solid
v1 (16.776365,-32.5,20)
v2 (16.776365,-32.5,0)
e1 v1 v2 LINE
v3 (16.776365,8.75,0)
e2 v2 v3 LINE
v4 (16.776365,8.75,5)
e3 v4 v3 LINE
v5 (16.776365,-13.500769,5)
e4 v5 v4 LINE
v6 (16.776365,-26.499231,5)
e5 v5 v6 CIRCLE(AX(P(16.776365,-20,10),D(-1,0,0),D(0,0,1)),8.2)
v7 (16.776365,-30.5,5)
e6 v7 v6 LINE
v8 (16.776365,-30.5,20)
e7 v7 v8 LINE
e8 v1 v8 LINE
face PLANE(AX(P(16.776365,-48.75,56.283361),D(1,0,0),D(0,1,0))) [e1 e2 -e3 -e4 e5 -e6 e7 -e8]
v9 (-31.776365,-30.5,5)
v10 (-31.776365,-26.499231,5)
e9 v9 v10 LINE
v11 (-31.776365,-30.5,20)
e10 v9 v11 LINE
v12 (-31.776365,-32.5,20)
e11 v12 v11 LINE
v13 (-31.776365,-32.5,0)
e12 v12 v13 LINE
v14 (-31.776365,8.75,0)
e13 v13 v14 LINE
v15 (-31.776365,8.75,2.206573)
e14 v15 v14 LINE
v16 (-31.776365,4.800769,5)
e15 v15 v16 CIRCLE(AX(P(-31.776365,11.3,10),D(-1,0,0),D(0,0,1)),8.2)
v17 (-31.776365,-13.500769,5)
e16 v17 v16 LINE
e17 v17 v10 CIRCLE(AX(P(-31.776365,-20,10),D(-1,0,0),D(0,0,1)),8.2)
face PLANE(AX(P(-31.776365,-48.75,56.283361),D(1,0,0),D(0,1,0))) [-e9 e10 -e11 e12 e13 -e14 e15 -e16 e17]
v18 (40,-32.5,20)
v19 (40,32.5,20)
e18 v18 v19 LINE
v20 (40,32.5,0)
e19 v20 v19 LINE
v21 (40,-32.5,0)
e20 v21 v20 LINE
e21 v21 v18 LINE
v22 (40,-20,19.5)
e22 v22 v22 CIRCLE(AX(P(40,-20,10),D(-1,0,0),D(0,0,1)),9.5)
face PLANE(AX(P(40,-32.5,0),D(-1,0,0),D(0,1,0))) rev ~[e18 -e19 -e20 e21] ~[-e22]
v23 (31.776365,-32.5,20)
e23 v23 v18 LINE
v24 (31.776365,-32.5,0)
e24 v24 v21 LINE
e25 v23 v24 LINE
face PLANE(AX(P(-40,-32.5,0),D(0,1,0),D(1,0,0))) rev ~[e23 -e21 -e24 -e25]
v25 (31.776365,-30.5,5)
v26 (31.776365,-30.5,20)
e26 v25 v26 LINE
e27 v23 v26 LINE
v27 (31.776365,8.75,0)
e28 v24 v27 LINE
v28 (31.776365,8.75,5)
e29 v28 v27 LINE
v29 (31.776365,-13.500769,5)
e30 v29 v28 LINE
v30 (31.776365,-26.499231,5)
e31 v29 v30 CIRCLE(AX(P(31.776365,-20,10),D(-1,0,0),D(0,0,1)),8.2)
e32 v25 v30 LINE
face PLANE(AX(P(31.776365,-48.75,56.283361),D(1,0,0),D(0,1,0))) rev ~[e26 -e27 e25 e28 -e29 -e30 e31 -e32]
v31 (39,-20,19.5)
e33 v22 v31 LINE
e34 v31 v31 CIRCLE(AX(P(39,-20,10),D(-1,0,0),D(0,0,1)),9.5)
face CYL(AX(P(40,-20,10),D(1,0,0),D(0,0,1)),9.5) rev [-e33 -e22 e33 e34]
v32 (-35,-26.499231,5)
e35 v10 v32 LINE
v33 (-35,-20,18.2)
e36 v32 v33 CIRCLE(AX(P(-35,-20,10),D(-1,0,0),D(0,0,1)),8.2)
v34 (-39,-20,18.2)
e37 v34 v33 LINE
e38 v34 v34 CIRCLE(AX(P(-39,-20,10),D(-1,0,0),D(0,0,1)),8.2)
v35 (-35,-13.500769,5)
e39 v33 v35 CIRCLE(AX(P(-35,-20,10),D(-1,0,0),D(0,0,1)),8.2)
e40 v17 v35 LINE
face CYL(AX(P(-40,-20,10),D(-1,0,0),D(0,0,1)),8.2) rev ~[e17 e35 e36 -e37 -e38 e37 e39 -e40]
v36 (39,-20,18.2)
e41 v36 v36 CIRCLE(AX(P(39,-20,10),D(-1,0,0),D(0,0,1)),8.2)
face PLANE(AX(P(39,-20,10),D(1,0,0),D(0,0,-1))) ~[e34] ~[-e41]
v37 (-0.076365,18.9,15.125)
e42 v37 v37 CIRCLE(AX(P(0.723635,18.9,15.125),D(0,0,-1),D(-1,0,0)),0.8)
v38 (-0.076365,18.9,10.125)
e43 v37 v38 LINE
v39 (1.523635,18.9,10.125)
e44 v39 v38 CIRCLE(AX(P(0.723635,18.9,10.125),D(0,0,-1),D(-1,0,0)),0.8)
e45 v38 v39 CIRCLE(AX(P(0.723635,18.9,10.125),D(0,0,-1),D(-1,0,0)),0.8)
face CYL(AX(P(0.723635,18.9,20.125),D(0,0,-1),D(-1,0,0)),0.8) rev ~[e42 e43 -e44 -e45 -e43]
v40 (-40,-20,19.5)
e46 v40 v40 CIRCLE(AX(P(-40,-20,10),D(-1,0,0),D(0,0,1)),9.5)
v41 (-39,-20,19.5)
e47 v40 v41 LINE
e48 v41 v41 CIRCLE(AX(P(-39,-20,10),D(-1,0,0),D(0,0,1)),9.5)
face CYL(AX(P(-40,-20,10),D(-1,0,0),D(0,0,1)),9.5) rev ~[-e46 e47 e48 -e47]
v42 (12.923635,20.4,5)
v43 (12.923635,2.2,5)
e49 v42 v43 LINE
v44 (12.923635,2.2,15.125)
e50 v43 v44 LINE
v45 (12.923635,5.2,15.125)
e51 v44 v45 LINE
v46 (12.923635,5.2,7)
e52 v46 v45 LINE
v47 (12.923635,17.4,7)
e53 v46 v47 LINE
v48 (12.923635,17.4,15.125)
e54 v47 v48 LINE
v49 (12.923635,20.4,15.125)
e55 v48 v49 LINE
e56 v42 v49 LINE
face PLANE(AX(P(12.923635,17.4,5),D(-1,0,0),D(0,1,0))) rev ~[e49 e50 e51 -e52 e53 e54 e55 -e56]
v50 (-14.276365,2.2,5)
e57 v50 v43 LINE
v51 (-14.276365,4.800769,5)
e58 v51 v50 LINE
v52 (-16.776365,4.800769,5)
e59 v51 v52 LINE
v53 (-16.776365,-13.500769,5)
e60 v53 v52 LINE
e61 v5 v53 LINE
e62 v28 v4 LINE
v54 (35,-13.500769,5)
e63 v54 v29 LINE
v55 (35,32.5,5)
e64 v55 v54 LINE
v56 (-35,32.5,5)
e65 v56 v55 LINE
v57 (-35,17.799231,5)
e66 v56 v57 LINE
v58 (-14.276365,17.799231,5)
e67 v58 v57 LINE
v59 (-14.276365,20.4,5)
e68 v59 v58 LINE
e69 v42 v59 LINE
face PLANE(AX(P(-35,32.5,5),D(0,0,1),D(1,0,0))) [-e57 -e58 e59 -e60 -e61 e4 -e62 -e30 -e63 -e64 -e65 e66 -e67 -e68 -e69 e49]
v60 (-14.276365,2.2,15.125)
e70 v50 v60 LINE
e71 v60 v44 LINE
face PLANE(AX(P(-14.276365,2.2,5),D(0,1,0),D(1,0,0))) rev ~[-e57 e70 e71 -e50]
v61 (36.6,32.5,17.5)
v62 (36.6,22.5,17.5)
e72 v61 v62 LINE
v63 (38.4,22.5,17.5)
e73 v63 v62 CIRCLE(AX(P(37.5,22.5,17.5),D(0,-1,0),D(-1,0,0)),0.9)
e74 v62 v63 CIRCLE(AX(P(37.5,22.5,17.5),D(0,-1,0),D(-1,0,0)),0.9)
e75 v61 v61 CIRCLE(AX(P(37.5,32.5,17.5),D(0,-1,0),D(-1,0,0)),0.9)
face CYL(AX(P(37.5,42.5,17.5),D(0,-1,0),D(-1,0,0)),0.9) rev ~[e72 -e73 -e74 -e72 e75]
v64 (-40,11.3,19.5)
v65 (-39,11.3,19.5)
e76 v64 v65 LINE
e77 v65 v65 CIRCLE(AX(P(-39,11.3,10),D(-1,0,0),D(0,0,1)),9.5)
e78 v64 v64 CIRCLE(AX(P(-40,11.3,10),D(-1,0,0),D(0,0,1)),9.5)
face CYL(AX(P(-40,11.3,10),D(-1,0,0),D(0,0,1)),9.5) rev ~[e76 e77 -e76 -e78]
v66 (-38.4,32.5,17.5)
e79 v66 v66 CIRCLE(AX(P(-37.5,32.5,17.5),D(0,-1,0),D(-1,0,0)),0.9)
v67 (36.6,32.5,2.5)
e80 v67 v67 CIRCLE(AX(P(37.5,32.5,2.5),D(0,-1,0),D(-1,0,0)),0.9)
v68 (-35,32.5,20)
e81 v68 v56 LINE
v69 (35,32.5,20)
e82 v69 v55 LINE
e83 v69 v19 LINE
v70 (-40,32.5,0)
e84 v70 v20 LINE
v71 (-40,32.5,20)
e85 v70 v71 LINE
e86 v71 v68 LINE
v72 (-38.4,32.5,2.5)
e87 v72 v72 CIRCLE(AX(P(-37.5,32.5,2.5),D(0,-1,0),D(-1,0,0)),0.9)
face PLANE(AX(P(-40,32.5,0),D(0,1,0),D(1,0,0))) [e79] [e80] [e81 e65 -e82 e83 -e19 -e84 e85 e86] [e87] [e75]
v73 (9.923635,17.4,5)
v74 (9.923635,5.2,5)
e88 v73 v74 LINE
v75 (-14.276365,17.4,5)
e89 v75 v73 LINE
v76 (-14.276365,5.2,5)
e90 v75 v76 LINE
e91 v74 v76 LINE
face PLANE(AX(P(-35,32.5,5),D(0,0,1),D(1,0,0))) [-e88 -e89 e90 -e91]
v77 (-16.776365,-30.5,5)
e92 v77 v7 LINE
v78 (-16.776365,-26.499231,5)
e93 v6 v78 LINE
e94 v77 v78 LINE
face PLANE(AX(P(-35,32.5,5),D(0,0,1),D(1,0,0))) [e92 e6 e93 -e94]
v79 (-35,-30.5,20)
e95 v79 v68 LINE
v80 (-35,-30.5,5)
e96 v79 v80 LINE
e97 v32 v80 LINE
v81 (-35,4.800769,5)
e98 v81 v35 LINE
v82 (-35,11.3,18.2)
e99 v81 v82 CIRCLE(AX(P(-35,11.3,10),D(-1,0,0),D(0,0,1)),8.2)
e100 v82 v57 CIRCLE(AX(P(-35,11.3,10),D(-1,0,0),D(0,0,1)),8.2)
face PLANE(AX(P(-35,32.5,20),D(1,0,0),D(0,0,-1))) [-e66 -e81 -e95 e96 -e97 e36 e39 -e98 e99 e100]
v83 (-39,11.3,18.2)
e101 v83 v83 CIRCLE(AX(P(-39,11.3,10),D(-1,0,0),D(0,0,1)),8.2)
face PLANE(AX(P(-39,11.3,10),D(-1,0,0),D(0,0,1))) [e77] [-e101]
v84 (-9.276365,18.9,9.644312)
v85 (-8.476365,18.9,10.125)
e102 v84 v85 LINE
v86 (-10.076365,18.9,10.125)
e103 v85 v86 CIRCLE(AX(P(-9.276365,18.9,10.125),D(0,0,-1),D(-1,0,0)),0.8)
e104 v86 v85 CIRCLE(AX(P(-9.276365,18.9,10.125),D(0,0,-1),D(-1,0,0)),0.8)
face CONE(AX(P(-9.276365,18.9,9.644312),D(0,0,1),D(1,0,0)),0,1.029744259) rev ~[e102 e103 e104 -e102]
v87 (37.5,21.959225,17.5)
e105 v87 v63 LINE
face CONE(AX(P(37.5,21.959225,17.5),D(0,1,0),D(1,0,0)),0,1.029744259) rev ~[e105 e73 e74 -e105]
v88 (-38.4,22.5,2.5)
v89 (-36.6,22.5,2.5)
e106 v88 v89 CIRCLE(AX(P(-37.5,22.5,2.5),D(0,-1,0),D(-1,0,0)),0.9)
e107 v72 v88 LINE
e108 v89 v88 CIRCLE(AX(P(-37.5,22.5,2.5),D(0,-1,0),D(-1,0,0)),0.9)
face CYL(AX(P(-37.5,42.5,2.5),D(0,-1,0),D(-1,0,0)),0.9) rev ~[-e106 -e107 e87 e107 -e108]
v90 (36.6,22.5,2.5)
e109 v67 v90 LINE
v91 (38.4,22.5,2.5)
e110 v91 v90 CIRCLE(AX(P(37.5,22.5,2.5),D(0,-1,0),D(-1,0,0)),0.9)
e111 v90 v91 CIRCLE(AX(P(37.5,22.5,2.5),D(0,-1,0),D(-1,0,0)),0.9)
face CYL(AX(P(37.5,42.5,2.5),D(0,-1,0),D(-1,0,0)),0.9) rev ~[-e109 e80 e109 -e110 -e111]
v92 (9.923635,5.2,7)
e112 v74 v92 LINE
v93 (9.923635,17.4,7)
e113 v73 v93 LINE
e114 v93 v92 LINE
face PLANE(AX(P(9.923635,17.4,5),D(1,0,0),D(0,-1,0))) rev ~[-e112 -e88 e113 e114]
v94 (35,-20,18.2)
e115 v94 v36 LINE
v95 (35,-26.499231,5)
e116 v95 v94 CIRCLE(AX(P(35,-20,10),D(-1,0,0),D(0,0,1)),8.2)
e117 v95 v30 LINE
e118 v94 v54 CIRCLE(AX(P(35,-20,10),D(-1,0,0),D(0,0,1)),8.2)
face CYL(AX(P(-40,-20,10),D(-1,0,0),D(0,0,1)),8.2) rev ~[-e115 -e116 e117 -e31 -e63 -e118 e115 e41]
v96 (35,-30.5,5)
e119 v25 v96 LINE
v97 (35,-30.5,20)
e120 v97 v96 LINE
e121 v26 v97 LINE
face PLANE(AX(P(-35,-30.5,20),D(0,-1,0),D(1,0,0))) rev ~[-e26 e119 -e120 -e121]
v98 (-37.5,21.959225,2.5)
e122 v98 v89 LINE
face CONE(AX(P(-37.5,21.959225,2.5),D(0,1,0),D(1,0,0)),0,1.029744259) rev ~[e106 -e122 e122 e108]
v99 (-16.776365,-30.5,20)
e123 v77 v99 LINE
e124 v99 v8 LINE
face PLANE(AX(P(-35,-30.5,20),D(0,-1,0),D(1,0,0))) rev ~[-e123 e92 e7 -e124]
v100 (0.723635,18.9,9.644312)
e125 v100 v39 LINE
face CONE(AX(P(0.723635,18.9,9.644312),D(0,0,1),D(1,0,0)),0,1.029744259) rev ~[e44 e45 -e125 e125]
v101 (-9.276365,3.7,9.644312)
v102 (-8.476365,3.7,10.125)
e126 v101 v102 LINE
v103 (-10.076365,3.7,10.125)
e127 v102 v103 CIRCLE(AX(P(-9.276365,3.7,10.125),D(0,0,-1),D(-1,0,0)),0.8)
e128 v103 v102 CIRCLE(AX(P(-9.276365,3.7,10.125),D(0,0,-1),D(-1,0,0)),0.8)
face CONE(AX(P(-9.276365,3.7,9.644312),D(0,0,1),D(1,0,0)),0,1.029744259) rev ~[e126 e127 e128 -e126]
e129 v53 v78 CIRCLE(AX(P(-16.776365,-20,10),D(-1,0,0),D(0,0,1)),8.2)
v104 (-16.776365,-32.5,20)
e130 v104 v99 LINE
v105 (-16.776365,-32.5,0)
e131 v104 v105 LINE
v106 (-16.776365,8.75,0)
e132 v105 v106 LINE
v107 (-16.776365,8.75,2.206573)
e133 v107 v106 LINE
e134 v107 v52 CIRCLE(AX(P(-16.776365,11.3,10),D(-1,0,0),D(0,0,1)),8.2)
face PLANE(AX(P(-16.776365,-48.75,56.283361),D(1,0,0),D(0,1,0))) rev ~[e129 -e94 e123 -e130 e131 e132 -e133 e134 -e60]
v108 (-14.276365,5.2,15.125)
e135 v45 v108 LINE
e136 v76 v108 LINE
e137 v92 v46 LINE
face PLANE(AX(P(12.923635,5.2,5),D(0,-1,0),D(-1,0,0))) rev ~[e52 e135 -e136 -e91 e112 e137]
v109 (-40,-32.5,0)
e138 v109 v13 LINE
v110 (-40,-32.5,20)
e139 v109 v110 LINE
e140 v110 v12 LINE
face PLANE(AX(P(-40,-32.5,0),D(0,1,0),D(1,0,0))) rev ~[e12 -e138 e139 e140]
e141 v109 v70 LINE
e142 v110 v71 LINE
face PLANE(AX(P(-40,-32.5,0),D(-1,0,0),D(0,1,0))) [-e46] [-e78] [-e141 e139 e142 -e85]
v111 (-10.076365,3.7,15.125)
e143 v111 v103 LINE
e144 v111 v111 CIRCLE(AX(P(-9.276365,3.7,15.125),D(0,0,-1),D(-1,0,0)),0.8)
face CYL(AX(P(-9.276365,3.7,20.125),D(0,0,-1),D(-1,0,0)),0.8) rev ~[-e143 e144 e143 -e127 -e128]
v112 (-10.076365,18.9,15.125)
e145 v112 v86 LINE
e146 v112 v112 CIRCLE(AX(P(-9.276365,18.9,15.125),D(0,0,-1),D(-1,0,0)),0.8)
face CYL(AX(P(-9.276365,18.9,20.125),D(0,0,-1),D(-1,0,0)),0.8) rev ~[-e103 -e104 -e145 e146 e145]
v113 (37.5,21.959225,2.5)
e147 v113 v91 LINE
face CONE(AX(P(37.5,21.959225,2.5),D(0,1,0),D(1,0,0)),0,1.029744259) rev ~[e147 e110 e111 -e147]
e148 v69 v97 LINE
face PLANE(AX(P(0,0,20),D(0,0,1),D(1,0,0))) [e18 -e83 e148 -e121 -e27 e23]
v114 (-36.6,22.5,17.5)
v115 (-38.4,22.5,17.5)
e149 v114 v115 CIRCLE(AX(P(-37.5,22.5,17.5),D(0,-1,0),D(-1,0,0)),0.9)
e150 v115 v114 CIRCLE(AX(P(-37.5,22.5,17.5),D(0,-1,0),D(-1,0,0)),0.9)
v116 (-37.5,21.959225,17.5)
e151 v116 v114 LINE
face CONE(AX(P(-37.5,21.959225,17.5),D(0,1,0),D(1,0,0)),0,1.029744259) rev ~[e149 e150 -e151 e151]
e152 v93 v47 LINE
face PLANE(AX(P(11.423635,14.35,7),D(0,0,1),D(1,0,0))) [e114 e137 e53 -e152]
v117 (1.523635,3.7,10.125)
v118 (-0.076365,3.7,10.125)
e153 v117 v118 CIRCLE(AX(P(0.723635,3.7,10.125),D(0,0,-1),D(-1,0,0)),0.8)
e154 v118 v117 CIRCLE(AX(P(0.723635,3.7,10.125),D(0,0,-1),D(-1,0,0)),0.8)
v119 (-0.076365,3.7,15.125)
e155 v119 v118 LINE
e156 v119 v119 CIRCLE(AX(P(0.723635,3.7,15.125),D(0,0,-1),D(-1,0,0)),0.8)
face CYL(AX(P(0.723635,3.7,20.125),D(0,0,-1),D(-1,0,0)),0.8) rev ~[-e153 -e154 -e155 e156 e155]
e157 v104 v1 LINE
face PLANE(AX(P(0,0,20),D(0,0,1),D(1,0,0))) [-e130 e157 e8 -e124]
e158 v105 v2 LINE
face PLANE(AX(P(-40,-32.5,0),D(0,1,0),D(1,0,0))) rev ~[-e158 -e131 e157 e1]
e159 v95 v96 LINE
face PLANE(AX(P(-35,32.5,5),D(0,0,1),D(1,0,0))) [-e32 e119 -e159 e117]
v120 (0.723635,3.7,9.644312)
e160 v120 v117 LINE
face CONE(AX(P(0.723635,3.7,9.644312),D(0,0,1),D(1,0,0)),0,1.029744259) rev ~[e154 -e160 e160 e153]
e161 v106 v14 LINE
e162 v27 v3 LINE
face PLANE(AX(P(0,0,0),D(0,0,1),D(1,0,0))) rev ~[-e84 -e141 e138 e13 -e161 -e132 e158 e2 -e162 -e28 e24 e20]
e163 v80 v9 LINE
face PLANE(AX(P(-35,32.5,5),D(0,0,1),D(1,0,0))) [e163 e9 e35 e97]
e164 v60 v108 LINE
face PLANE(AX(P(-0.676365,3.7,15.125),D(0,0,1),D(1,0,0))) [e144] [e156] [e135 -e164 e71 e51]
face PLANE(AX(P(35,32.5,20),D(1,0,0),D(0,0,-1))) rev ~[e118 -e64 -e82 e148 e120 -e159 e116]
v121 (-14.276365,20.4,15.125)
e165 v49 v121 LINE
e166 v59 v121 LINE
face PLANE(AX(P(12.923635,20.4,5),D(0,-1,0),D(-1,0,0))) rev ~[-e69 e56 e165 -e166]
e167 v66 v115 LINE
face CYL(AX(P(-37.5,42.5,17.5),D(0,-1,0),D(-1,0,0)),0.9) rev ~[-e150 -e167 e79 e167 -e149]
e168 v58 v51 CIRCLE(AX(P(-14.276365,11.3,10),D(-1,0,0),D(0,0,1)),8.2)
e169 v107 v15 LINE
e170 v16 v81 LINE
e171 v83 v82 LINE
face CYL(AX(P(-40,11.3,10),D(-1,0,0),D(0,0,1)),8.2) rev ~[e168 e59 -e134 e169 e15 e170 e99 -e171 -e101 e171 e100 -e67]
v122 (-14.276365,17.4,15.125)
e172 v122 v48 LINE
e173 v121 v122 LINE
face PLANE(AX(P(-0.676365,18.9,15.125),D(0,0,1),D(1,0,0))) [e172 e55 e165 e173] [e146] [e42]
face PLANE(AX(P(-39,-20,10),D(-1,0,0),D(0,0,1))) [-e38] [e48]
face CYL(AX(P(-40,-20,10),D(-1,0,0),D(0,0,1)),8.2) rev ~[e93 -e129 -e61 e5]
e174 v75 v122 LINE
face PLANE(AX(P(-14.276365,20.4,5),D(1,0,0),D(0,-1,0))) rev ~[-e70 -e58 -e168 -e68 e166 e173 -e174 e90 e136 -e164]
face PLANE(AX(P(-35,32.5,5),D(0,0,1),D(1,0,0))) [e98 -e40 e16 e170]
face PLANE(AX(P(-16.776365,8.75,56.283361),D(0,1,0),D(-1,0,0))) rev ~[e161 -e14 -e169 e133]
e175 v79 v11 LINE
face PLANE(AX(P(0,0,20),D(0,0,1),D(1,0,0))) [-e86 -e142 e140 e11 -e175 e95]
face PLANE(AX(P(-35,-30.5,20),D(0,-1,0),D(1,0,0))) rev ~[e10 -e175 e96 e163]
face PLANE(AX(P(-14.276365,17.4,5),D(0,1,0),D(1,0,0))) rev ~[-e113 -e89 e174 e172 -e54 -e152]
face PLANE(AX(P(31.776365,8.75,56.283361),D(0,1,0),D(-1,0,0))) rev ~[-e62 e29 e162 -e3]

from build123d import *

# Parameters (mm, degrees)
SKETCH1_W                       = 80
SKETCH1_H                       = 65
BOSS_EXTRUDE1_DEPTH             = 20
SKETCH2_W                       = 70
SKETCH2_H                       = 61
CUT_EXTRUDE1_DEPTH              = 15
CUT_EXTRUDE7_REACH              = 80.899
SKETCH9_W                       = 70
SKETCH9_H                       = 15
BOSS_EXTRUDE2_DEPTH             = 10.125
SKETCH3_3_W                     = 3
SKETCH3_3_H                     = 6.1
BOSS_EXTRUDE3_DEPTH             = 2
TAP_DRILL_FOR_M2X0_4_TAP1_D     = 1.6
TAP_DRILL_FOR_M2X0_4_TAP1_DEPTH = 5
TAP_DRILL_FOR_M2X0_4_TAP1_TIP   = 0.480688495
CUT_EXTRUDE2_REACH              = 90.635
SKETCH7_R                       = 8.2
SKETCH7_3_R                     = 9.5
CUT_EXTRUDE3_DEPTH              = 1
SKETCH7_4_R                     = 8.2
CUT_EXTRUDE4_DEPTH              = 89.635489506
SKETCH7_5_R                     = 9.5
SKETCH7_5_R_2                   = 8.2
CUT_EXTRUDE5_DEPTH              = 1
CUT_EXTRUDE6_DEPTH              = 56.283360969
CUT_EXTRUDE6_DEPTH_BACK         = 56.283360969
SKETCH8_W                       = 15
SKETCH8_H                       = 57.5
TAP_DRILL_FOR_M2X0_4_TAP2_D     = 1.8
TAP_DRILL_FOR_M2X0_4_TAP2_DEPTH = 10
TAP_DRILL_FOR_M2X0_4_TAP2_TIP   = 0.540774557


with BuildPart() as part:
    # Sketch1 → Boss-Extrude1 (new body)
    with BuildSketch(Plane.XY):
        Rectangle(SKETCH1_W, SKETCH1_H)
    extrude(amount=BOSS_EXTRUDE1_DEPTH)

    # Sketch2 → Cut-Extrude1 (cut)
    with BuildSketch(Plane.XY.offset(20)):
        Rectangle(SKETCH2_W, SKETCH2_H)
    extrude(amount=-CUT_EXTRUDE1_DEPTH, mode=Mode.SUBTRACT)

    # Sketch9 → Cut-Extrude7 (cut, up to next)
    with BuildSketch(Plane(origin=(0, 32.5, 0), x_dir=(1, 0, 0), z_dir=(0, 1, 0)), mode=Mode.PRIVATE) as cut_extrude7_sk1:
        with Locations((0, -12.5)):
            Rectangle(SKETCH9_W, SKETCH9_H)
    cut_extrude7_tool1 = extrude(cut_extrude7_sk1.sketch, amount=-CUT_EXTRUDE7_REACH, mode=Mode.PRIVATE) & part.part
    add(cut_extrude7_tool1.solids().sort_by_distance((0, 32.5, 12.5))[0], mode=Mode.SUBTRACT)

    # Sketch3 → Boss-Extrude2 (add)
    with BuildSketch(Plane.XY.offset(5)):
        Polygon((12.923634865, 20.4), (-14.276365135, 20.4), (-14.276365135, 17.4), (9.923634865, 17.4), (12.923634865, 17.4), align=None)
        Polygon((12.923634865, 5.2), (9.923634865, 5.2), (-14.276365135, 5.2), (-14.276365135, 2.2), (12.923634865, 2.2), align=None)
    extrude(amount=BOSS_EXTRUDE2_DEPTH)

    # Sketch3<3> → Boss-Extrude3 (add)
    with BuildSketch(Plane.XY.offset(5)):
        with Locations((11.423634865, 14.35)):
            Rectangle(SKETCH3_3_W, SKETCH3_3_H)
        with Locations((11.423634865, 8.25)):
            Rectangle(SKETCH3_3_W, SKETCH3_3_H)
    extrude(amount=BOSS_EXTRUDE3_DEPTH)

    # Tap Drill for M2x0.4 Tap1
    with Locations(Plane.XY.offset(15.125)):
        with Locations((-9.276365135, 18.9), (0.723634865, 18.9), (0.723634865, 3.7), (-9.276365135, 3.7)):
            Hole(TAP_DRILL_FOR_M2X0_4_TAP1_D / 2, depth=TAP_DRILL_FOR_M2X0_4_TAP1_DEPTH)
            with Locations((0, 0, -(TAP_DRILL_FOR_M2X0_4_TAP1_DEPTH + TAP_DRILL_FOR_M2X0_4_TAP1_TIP / 2))):  # 118° drill point
                Cone(0, TAP_DRILL_FOR_M2X0_4_TAP1_D / 2, TAP_DRILL_FOR_M2X0_4_TAP1_TIP, mode=Mode.SUBTRACT)

    # Cut-Extrude2: up to this face of the body (flat: up to its plane)
    cut_extrude2_end = Plane(part.part.faces().sort_by_distance((-14.276365135, 18.9, 10.0625))[0])
    # Sketch7 → Cut-Extrude2 (cut, up to the picked face)
    with BuildSketch(Plane.ZY.offset(40), mode=Mode.PRIVATE) as cut_extrude2_sk1:
        with Locations((10, 11.3)):
            Circle(SKETCH7_R)
    cut_extrude2_tool1 = split(extrude(cut_extrude2_sk1.sketch, amount=-CUT_EXTRUDE2_REACH, mode=Mode.PRIVATE), bisect_by=cut_extrude2_end, keep=Keep.BOTH, mode=Mode.PRIVATE)
    add(cut_extrude2_tool1.solids().sort_by(Axis((-40, 11.3, 10), (1, 0, 0)))[0], mode=Mode.SUBTRACT)

    # Sketch7<3> → Cut-Extrude3 (cut)
    with BuildSketch(Plane.ZY.offset(40)):
        with Locations((10, 11.3)):
            Circle(SKETCH7_3_R)
    extrude(amount=-CUT_EXTRUDE3_DEPTH, mode=Mode.SUBTRACT)

    # Sketch7<4> → Cut-Extrude4 (cut, through all)
    with BuildSketch(Plane.ZY.offset(40)):
        with Locations((10, -20)):
            Circle(SKETCH7_4_R)
    extrude(amount=-CUT_EXTRUDE4_DEPTH, mode=Mode.SUBTRACT)

    # Sketch7<5> → Cut-Extrude5 (cut)
    with BuildSketch(Plane.ZY.offset(40)):
        with Locations((10, -20)):
            Circle(SKETCH7_5_R)
        with Locations((10, -20)):
            Circle(SKETCH7_5_R_2, mode=Mode.SUBTRACT)
    cut_extrude5 = extrude(amount=-CUT_EXTRUDE5_DEPTH, mode=Mode.SUBTRACT)

    # Mirror1: Cut-Extrude5 across plane
    add(cut_extrude5.mirror(Plane(origin=(0, 0, 0), x_dir=(0, 0, 1), z_dir=(1, 0, 0))), mode=Mode.SUBTRACT)

    # Sketch8 → Cut-Extrude6 (cut, two sides: drawn at the far end of the back side and taken through both)
    with BuildSketch(Plane(origin=(0, 0, 0), x_dir=(-1, 0, 0), z_dir=(0, 0, -1)).offset(-CUT_EXTRUDE6_DEPTH_BACK)):
        with Locations((24.276365135, -20)):
            Rectangle(SKETCH8_W, SKETCH8_H)
        with Locations((-24.276365135, -20)):
            Rectangle(SKETCH8_W, SKETCH8_H)
    extrude(amount=CUT_EXTRUDE6_DEPTH + CUT_EXTRUDE6_DEPTH_BACK, mode=Mode.SUBTRACT)

    # Tap Drill for M2x0.4 Tap2
    with Locations(Plane(origin=(0, 32.5, 0), x_dir=(1, 0, 0), z_dir=(0, 1, 0))):
        with Locations((-37.5, -17.5), (-37.5, -2.5), (37.5, -2.5), (37.5, -17.5)):
            Hole(TAP_DRILL_FOR_M2X0_4_TAP2_D / 2, depth=TAP_DRILL_FOR_M2X0_4_TAP2_DEPTH)
            with Locations((0, 0, -(TAP_DRILL_FOR_M2X0_4_TAP2_DEPTH + TAP_DRILL_FOR_M2X0_4_TAP2_TIP / 2))):  # 118° drill point
                Cone(0, TAP_DRILL_FOR_M2X0_4_TAP2_D / 2, TAP_DRILL_FOR_M2X0_4_TAP2_TIP, mode=Mode.SUBTRACT)


solid = part.part
